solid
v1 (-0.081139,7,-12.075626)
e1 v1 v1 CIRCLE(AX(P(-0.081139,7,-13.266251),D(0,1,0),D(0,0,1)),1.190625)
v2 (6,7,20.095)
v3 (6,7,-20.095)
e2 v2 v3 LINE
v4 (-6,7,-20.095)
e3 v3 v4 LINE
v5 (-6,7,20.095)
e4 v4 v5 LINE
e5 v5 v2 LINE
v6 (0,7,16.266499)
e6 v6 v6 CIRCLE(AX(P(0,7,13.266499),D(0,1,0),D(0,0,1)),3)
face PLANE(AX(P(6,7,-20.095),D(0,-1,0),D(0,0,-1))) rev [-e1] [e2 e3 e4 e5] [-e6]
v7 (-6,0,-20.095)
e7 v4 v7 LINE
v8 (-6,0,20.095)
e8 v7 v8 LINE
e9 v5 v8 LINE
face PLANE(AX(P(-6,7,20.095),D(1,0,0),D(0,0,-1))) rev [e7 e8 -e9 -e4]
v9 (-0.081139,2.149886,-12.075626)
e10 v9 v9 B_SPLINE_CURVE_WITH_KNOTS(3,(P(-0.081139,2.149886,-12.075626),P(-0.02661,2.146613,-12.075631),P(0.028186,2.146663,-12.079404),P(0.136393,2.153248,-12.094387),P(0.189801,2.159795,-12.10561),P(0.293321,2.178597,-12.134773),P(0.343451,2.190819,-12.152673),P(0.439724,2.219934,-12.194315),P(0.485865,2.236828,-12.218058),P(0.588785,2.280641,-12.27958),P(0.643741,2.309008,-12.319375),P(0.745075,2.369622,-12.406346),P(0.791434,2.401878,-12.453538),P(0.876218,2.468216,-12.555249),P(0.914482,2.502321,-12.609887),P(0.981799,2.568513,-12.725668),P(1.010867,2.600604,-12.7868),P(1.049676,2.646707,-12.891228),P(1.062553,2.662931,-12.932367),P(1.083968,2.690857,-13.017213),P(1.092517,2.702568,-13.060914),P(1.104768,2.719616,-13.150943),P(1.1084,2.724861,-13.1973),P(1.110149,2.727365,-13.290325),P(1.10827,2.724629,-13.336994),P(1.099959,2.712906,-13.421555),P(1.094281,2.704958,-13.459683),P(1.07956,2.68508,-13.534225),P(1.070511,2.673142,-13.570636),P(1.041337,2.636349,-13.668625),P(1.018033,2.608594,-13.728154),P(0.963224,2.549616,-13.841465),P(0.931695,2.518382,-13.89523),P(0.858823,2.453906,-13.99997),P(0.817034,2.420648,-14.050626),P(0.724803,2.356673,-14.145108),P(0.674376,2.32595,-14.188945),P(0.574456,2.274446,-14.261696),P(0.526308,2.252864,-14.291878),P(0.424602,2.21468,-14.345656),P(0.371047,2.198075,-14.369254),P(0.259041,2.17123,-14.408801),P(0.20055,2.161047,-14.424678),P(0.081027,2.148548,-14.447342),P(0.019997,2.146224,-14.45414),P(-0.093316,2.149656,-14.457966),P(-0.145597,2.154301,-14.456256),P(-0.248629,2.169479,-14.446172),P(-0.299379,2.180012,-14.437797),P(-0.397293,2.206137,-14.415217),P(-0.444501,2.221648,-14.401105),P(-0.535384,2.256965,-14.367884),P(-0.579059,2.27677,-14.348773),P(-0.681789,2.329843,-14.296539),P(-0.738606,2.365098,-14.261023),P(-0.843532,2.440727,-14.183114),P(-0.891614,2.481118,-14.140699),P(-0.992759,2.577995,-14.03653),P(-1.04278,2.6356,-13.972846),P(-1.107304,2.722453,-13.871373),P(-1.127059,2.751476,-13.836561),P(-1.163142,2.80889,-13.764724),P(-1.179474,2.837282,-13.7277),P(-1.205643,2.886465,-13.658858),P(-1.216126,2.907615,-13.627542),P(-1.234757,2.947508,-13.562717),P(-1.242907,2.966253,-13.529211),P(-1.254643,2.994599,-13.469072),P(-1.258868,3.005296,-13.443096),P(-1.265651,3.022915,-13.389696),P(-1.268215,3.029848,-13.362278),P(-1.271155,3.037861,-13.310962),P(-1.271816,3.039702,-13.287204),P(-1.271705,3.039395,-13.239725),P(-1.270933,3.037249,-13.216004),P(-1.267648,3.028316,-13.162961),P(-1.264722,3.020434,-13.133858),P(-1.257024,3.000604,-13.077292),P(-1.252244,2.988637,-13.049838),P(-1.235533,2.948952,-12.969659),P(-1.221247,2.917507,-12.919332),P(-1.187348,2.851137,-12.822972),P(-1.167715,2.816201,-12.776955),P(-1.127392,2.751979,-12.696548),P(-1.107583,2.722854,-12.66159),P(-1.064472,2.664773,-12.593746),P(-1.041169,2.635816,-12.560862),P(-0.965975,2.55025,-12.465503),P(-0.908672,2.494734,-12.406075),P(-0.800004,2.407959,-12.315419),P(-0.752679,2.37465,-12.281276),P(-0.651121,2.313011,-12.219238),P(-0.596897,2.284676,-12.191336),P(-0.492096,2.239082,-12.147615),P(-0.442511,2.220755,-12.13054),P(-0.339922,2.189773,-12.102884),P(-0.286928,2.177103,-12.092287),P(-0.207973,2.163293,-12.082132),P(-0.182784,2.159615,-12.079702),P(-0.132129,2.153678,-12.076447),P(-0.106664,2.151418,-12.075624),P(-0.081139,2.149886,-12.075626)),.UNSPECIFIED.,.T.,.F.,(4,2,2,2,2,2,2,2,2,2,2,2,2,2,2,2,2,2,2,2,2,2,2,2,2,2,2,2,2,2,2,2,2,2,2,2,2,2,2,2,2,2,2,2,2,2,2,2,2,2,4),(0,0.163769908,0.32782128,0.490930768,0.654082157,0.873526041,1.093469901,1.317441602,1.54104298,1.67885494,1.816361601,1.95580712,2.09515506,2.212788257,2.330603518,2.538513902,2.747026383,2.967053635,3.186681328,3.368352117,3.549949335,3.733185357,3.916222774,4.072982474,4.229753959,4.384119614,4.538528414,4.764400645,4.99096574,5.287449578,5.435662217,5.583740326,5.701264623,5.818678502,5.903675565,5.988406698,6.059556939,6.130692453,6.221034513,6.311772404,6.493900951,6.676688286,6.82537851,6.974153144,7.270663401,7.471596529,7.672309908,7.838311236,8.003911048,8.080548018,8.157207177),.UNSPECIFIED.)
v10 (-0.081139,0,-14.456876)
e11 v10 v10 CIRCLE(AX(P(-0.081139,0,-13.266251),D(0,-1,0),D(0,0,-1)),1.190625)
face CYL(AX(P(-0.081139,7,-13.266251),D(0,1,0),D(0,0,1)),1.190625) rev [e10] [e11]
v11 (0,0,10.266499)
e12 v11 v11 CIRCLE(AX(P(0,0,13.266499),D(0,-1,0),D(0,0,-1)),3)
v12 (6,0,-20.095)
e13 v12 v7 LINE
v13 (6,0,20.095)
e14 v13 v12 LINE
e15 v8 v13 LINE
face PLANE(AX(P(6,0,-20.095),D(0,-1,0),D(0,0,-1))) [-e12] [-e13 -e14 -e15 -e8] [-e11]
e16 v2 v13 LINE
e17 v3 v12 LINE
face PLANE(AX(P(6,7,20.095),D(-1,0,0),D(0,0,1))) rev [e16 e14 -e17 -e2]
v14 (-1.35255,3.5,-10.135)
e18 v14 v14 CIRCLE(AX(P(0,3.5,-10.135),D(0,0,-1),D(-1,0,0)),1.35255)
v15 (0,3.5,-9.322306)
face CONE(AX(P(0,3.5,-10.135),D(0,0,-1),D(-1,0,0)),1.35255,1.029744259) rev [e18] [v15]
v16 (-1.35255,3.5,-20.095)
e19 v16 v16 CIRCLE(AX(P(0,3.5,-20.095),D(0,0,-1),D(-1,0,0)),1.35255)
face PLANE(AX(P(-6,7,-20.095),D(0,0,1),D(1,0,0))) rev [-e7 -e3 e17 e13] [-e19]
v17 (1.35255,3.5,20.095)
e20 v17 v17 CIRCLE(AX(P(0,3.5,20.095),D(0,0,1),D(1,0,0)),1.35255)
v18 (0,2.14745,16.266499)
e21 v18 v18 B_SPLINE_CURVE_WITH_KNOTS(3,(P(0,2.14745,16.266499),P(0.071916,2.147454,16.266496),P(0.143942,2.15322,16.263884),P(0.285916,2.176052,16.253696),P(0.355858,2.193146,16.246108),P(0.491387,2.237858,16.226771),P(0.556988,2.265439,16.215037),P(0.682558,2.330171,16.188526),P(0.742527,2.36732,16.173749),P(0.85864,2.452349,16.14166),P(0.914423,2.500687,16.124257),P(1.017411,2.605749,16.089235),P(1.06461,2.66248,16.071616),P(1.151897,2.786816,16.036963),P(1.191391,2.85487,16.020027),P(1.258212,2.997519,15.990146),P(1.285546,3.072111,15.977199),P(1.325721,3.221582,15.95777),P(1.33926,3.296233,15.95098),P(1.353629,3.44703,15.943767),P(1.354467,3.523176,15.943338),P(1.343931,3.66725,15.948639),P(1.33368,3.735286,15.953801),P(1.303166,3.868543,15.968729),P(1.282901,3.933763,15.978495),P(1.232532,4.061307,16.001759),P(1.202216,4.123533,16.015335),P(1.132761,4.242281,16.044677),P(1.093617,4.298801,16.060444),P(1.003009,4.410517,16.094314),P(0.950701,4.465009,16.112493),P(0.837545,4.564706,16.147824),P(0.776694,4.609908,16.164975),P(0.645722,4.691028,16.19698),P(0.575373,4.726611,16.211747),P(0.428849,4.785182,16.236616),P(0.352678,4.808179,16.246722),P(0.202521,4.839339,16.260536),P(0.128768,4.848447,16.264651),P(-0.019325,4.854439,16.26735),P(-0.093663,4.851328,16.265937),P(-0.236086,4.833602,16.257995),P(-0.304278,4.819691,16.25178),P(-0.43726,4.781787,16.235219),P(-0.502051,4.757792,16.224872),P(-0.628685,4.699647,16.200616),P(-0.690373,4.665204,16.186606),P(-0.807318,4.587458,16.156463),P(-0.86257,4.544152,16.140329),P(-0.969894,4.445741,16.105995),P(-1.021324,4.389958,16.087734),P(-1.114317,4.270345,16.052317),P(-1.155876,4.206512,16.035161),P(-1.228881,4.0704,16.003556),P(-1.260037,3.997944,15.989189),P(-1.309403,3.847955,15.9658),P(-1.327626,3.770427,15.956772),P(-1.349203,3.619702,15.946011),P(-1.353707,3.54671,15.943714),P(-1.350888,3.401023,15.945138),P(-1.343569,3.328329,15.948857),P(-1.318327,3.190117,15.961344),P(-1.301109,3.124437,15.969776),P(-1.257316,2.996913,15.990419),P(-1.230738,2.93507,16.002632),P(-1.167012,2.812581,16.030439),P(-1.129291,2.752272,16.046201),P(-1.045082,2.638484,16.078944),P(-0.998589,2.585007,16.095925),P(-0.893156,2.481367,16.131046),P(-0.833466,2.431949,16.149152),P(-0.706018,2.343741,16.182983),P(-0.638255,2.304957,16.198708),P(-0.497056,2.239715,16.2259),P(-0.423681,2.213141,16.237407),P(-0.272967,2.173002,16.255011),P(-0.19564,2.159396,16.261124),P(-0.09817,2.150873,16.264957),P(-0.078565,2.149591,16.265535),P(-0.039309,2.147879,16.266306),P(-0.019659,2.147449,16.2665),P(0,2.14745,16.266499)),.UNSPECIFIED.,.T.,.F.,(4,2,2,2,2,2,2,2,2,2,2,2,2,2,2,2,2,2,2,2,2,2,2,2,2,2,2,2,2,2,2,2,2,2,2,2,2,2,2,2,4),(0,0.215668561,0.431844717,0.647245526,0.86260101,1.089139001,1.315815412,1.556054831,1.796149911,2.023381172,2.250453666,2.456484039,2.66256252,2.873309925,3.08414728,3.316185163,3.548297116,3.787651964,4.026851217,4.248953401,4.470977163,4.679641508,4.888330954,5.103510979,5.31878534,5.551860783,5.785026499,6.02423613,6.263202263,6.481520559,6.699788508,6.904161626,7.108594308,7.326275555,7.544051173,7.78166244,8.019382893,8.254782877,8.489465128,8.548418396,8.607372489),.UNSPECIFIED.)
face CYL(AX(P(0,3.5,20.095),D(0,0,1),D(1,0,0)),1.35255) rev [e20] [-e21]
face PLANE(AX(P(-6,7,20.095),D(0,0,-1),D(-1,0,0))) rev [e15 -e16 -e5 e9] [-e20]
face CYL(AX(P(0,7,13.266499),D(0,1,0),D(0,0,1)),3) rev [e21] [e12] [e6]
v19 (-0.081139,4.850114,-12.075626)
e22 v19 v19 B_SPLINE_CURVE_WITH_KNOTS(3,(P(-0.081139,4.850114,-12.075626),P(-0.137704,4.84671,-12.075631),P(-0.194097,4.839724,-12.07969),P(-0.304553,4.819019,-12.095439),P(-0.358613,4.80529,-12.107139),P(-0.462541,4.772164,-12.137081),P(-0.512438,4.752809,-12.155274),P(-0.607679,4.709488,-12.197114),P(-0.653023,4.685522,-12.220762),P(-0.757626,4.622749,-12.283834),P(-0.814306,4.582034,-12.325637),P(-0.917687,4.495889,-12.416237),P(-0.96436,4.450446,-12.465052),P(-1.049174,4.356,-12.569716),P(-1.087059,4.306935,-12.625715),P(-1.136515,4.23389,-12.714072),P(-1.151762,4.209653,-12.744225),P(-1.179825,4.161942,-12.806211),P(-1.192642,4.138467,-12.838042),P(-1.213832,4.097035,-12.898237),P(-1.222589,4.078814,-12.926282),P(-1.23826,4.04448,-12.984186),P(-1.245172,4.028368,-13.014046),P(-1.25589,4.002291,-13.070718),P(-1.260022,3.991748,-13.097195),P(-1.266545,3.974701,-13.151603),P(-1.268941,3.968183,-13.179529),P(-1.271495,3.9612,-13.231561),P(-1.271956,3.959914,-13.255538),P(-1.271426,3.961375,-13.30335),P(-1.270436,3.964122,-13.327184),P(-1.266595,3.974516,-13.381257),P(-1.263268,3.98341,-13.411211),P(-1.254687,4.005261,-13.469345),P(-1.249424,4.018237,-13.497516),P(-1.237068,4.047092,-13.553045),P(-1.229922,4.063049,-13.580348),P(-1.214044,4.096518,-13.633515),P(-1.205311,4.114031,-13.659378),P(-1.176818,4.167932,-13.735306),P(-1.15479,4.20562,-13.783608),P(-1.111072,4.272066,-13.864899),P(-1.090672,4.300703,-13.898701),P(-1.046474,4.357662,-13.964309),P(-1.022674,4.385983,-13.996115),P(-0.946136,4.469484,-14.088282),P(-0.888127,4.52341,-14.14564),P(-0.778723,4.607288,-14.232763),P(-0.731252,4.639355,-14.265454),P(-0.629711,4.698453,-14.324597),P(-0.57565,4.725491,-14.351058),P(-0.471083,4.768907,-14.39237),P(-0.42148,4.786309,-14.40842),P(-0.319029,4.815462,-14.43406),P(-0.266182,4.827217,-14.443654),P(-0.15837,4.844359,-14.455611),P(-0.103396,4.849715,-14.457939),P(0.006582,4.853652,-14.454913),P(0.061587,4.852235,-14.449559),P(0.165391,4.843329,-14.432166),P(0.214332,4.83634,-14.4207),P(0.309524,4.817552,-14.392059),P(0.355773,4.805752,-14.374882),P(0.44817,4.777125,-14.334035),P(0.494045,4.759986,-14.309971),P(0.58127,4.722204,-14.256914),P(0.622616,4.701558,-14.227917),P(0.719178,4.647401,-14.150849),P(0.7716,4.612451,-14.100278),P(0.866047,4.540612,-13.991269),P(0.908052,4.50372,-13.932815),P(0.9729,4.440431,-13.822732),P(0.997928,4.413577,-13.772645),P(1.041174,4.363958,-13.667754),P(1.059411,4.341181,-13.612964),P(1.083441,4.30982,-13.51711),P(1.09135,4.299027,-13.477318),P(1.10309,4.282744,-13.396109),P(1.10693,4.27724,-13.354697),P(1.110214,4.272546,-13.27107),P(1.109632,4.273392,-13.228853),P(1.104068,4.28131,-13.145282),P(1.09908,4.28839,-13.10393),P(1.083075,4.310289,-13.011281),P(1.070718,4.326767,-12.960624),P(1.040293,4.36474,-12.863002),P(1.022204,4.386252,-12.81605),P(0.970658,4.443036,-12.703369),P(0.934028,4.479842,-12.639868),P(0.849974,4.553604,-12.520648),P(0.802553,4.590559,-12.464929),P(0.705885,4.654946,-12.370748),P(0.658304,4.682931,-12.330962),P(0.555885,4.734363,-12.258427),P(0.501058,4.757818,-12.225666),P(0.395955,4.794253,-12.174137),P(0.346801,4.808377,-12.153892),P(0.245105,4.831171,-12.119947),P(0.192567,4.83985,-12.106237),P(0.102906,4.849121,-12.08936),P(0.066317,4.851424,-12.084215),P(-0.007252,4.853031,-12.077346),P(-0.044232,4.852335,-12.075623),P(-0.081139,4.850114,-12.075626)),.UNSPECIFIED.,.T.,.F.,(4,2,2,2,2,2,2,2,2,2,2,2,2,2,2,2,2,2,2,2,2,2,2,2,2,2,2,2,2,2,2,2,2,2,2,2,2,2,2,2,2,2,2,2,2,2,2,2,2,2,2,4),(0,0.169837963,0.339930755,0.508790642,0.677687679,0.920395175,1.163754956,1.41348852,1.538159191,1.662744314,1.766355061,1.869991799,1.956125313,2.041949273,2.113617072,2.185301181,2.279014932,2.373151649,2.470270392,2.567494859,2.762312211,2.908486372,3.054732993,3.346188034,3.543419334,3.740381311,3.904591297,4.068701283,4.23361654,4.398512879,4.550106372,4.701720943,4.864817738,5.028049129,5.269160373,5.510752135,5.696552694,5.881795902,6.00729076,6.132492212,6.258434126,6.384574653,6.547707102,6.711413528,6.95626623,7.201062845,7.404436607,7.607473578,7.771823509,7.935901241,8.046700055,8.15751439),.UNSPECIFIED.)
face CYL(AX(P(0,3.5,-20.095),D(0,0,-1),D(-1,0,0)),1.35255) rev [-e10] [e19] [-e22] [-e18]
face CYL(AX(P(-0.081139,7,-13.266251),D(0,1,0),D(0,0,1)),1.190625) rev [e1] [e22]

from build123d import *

# Parameters (mm, degrees)
SKETCH9_W                           = 12
SKETCH9_H                           = 40.19
EXTRUDE3_DEPTH                      = 7
F_3_32_0_09375_DIAMETER_HOLE1_D     = 2.38125
F_3_32_0_09375_DIAMETER_HOLE1_DEPTH = 10
F_3_32_0_09375_DIAMETER_HOLE1_TIP   = 0.715399675
F_6_0_6_DIAMETER_HOLE1_D            = 6
F_6_0_6_DIAMETER_HOLE1_DEPTH        = 10
F_6_0_6_DIAMETER_HOLE1_TIP          = 1.802581857
F_6_32_TAPPED_HOLE2_D               = 2.7051
F_6_32_TAPPED_HOLE2_DEPTH           = 7.9624
F_6_32_TAPPED_HOLE2_TIP             = 0.81269403
F_6_32_TAPPED_HOLE1_D               = 2.7051
F_6_32_TAPPED_HOLE1_DEPTH           = 9.96
F_6_32_TAPPED_HOLE1_TIP             = 0.81269403


with BuildPart() as part:
    # Sketch9 → Extrude3 (new body)
    with BuildSketch(Plane(origin=(0, 0, 0), x_dir=(1, 0, 0), z_dir=(0, 1, 0))):
        Rectangle(SKETCH9_W, SKETCH9_H)
    extrude(amount=EXTRUDE3_DEPTH)

    # 3/32 (0.09375) Diameter Hole1
    with Locations(Plane(origin=(-0.08113915, 7, -13.266251032), x_dir=(0, 0, 1), z_dir=(0, 1, 0))):
        with Locations((0, 0)):
            Hole(F_3_32_0_09375_DIAMETER_HOLE1_D / 2, depth=F_3_32_0_09375_DIAMETER_HOLE1_DEPTH)
            with Locations((0, 0, -(F_3_32_0_09375_DIAMETER_HOLE1_DEPTH + F_3_32_0_09375_DIAMETER_HOLE1_TIP / 2))):  # 118° drill point
                Cone(0, F_3_32_0_09375_DIAMETER_HOLE1_D / 2, F_3_32_0_09375_DIAMETER_HOLE1_TIP, mode=Mode.SUBTRACT)

    # Ø6.0 (6) Diameter Hole1
    with Locations(Plane(origin=(0, 7, 13.266499161), x_dir=(0, 0, 1), z_dir=(0, 1, 0))):
        with Locations((0, 0)):
            Hole(F_6_0_6_DIAMETER_HOLE1_D / 2, depth=F_6_0_6_DIAMETER_HOLE1_DEPTH)
            with Locations((0, 0, -(F_6_0_6_DIAMETER_HOLE1_DEPTH + F_6_0_6_DIAMETER_HOLE1_TIP / 2))):  # 118° drill point
                Cone(0, F_6_0_6_DIAMETER_HOLE1_D / 2, F_6_0_6_DIAMETER_HOLE1_TIP, mode=Mode.SUBTRACT)

    # #6-32 Tapped Hole2
    with Locations(Plane(origin=(0, 3.5, 20.095), x_dir=(1, 0, 0), z_dir=(0, 0, 1))):
        with Locations((0, 0)):
            Hole(F_6_32_TAPPED_HOLE2_D / 2, depth=F_6_32_TAPPED_HOLE2_DEPTH)
            with Locations((0, 0, -(F_6_32_TAPPED_HOLE2_DEPTH + F_6_32_TAPPED_HOLE2_TIP / 2))):  # 118° drill point
                Cone(0, F_6_32_TAPPED_HOLE2_D / 2, F_6_32_TAPPED_HOLE2_TIP, mode=Mode.SUBTRACT)

    # #6-32 Tapped Hole1
    with Locations(Plane(origin=(0, 3.5, -20.095), x_dir=(-1, 0, 0), z_dir=(0, 0, -1))):
        with Locations((0, 0)):
            Hole(F_6_32_TAPPED_HOLE1_D / 2, depth=F_6_32_TAPPED_HOLE1_DEPTH)
            with Locations((0, 0, -(F_6_32_TAPPED_HOLE1_DEPTH + F_6_32_TAPPED_HOLE1_TIP / 2))):  # 118° drill point
                Cone(0, F_6_32_TAPPED_HOLE1_D / 2, F_6_32_TAPPED_HOLE1_TIP, mode=Mode.SUBTRACT)


solid = part.part
